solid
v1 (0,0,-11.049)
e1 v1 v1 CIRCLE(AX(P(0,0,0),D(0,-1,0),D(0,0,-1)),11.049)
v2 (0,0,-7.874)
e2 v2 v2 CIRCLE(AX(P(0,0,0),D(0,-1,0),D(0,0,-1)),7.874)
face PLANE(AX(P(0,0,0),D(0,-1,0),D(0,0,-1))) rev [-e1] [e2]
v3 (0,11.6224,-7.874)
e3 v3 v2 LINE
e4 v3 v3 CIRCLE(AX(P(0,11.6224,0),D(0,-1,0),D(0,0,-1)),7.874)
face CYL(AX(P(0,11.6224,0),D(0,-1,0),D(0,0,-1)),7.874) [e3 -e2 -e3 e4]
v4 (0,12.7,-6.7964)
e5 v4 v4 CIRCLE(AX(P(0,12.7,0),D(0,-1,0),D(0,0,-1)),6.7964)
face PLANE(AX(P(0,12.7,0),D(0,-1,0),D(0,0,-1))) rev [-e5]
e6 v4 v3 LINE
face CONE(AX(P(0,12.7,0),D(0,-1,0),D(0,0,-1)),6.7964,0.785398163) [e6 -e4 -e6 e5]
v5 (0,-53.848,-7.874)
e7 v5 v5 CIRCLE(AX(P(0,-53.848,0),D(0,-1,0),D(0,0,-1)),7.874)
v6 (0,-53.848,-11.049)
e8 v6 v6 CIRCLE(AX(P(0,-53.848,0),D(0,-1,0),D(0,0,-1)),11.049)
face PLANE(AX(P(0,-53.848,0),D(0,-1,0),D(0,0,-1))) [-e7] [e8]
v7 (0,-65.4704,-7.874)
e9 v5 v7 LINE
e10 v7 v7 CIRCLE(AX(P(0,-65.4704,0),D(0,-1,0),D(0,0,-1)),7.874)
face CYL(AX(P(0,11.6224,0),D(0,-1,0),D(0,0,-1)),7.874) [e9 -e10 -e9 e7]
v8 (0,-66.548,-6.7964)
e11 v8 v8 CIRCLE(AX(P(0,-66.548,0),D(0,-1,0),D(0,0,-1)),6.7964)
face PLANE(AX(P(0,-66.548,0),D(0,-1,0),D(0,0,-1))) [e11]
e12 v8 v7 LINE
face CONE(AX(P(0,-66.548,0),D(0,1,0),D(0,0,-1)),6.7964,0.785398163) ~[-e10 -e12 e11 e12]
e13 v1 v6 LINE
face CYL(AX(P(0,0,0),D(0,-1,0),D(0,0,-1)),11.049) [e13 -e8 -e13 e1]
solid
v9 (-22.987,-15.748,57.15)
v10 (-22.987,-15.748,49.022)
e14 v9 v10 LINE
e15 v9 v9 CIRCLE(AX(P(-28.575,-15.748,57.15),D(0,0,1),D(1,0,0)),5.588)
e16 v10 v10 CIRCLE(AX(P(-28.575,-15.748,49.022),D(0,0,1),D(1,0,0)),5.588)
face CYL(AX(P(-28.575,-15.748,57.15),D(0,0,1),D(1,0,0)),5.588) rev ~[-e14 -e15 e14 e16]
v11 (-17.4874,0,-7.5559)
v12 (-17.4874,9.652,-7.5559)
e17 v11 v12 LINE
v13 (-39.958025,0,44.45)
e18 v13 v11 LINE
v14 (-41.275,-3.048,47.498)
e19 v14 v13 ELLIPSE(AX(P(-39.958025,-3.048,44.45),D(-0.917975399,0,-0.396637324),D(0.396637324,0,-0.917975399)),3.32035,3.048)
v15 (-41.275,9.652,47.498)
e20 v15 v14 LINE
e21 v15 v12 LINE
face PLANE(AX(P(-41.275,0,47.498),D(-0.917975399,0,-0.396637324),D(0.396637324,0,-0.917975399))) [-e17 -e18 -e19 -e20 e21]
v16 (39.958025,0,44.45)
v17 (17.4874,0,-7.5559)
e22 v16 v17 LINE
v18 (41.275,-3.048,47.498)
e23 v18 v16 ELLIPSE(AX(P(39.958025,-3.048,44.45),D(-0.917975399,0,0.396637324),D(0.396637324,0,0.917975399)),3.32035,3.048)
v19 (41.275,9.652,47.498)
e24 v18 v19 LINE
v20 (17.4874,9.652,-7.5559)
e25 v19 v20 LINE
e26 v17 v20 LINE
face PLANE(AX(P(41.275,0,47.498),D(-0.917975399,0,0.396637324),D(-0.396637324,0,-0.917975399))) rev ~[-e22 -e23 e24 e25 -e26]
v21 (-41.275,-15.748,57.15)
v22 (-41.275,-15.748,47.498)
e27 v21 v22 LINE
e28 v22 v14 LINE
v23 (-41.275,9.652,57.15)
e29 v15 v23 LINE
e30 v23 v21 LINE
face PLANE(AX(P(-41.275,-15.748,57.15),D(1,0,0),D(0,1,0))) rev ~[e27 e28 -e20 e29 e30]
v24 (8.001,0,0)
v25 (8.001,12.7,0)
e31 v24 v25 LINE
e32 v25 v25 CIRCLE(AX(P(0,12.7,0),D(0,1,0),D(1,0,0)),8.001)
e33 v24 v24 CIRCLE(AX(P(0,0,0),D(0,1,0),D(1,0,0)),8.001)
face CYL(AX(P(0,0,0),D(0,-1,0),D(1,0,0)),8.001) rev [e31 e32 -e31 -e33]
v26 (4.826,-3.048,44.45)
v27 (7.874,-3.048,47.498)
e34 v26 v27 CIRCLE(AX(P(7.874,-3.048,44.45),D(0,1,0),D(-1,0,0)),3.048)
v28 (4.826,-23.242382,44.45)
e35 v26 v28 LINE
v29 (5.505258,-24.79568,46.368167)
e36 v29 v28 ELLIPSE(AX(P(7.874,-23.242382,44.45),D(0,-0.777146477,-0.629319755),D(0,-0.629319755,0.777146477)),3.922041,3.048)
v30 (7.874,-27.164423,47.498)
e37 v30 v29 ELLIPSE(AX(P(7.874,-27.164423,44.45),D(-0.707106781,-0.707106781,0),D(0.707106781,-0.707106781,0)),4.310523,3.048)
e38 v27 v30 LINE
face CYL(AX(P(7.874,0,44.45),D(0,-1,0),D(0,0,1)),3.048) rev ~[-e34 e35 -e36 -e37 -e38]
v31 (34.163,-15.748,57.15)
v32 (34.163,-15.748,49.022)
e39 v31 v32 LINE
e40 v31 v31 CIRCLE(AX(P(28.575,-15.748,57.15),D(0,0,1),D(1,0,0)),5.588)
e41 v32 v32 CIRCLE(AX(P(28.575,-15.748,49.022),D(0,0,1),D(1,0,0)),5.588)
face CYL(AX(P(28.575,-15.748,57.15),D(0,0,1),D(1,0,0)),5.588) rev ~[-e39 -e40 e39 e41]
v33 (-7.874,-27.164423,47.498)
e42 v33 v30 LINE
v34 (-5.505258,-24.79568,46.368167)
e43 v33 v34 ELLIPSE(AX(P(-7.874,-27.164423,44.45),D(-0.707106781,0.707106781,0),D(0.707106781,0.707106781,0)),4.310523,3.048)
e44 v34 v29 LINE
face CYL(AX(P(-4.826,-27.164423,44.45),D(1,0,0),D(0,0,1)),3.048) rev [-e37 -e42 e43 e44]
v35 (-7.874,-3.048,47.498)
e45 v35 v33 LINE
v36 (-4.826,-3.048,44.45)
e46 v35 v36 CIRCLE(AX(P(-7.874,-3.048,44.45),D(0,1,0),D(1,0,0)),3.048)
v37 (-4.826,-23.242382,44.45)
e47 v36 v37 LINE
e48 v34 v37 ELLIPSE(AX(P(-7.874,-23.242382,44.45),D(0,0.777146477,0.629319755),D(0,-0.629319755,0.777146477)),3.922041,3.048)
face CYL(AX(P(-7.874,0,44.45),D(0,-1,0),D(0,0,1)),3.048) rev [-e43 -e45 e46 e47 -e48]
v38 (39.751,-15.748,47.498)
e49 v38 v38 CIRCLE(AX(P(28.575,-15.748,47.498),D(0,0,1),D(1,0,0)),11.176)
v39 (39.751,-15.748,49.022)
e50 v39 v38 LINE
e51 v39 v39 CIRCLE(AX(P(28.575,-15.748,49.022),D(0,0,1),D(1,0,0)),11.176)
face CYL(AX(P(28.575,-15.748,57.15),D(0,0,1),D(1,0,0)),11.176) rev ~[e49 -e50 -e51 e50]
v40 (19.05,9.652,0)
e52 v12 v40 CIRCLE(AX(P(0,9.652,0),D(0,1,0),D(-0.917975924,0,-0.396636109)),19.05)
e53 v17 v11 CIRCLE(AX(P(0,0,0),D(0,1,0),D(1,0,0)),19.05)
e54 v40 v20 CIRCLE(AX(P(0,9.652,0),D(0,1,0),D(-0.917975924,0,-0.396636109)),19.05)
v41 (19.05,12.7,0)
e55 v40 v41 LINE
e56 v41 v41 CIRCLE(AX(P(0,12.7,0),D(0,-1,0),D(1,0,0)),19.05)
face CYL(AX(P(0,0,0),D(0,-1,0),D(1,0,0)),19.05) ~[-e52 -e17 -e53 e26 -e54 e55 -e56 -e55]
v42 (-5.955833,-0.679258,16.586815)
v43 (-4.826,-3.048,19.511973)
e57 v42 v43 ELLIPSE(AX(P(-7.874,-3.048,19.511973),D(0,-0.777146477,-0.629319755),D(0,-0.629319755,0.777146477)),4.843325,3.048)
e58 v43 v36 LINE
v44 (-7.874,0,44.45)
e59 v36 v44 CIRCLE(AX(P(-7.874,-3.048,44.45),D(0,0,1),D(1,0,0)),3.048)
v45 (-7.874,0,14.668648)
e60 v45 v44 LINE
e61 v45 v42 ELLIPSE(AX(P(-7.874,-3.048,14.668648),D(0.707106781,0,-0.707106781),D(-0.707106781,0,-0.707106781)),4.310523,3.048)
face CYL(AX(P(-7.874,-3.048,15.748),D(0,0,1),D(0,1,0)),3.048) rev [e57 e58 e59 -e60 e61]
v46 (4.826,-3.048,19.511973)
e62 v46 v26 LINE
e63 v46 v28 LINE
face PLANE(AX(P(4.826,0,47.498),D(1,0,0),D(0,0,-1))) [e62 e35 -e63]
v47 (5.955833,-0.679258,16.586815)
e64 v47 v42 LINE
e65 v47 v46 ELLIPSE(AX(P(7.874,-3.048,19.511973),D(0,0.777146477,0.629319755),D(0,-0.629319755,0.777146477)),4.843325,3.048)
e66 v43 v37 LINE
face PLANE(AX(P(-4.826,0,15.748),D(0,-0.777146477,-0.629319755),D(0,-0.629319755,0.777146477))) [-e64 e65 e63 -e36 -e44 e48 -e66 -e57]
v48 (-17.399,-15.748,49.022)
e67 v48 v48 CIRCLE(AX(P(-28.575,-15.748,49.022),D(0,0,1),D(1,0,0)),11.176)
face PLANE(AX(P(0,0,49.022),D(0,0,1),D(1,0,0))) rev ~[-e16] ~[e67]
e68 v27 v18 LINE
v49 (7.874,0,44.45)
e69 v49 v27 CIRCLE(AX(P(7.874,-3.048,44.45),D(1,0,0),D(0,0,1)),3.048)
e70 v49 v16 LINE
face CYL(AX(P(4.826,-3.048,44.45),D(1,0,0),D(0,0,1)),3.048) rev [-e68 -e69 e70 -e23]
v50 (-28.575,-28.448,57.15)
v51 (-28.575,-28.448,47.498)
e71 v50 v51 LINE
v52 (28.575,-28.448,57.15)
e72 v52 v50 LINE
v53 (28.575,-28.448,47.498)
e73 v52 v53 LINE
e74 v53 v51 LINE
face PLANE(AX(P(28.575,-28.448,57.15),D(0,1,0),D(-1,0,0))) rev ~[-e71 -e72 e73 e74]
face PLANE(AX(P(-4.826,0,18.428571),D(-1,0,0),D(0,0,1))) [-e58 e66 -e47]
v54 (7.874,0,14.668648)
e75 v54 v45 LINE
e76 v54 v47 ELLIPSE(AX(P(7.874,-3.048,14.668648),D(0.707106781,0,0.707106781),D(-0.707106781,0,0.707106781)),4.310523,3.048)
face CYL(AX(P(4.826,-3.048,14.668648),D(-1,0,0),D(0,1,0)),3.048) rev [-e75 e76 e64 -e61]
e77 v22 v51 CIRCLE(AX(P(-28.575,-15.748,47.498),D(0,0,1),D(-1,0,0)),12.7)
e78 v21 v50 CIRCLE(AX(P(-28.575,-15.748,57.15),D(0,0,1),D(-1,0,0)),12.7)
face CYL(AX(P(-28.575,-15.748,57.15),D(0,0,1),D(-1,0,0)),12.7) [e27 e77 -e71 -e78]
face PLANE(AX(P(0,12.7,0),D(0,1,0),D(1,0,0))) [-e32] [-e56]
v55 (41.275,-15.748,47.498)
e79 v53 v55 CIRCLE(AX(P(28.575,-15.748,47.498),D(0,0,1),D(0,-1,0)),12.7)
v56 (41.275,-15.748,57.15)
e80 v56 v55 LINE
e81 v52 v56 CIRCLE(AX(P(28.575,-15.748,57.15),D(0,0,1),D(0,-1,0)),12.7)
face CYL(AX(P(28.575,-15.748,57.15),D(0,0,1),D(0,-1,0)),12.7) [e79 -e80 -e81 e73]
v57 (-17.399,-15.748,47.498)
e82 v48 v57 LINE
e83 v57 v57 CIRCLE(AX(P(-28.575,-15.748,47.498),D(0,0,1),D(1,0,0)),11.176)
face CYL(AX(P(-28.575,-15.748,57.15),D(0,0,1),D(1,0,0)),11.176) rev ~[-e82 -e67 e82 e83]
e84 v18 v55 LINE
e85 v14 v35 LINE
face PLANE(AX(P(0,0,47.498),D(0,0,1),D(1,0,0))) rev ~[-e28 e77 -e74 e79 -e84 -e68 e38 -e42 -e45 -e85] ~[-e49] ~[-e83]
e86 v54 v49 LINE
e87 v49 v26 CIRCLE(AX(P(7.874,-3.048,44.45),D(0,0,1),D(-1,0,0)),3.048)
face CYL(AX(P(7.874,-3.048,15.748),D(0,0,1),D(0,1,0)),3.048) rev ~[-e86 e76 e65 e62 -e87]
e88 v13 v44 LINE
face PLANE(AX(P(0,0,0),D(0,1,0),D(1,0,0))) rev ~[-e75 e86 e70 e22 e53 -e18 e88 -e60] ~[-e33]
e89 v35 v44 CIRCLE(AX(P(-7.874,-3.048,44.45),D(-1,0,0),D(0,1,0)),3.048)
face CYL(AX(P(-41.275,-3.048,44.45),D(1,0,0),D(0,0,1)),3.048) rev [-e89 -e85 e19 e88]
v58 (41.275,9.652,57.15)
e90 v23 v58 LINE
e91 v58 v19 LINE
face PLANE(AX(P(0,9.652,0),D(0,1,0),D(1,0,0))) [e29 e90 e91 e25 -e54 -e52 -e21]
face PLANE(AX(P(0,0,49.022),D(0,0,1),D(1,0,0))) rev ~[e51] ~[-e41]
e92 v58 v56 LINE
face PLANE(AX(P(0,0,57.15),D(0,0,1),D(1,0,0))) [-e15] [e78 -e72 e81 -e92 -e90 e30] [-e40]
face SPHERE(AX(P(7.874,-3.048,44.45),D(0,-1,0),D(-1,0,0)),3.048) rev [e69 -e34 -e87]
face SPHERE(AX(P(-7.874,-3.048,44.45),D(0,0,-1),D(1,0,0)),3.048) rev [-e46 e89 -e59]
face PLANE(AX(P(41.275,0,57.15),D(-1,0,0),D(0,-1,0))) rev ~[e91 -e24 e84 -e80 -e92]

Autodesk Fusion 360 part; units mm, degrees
sketch "Sketch1" plane through (0, 0, 0) normal (0, 1, 0) x (1, 0, 0) in component "Component"
  line L0 (26.924, -11.049) -> (-26.924, -11.049)
  line L1 (-26.924, -11.049) -> (-26.924, 11.049)
  line L2 (-26.924, 11.049) -> (26.924, 11.049)
  line L3 (26.924, 11.049) -> (26.924, -11.049)
  line L4 (38.5464, -7.874) -> (-38.5464, -7.874)
  line L5 (-39.624, -6.7964) -> (-39.624, 6.7964)
  line L6 (-38.5464, 7.874) -> (38.5464, 7.874)
  line L7 (39.624, 6.7964) -> (39.624, -6.7964)
  line L8 (-39.624, 6.7964) -> (-39.624, -6.7964) construction
  line L9 (-39.624, 6.7964) -> (-38.5464, 7.874)
  line L10 (-39.624, 6.7964) -> (-38.1, 6.7964) construction
  line L11 (-39.624, -6.7964) -> (-38.5464, -7.874)
  line L12 (-39.624, -6.7964) -> (-38.1, -6.7964) construction
  line L13 (0, -1.75) -> (0, -22.5)
  line L14 (39.624, 6.7964) -> (38.5464, 7.874)
  line L15 (39.624, 6.7964) -> (39.624, -6.7964) construction
  line L16 (39.624, -6.7964) -> (38.5464, -7.874)
  line L17 (-45.72, 0) -> (46.9131, 0)
  dimension "d1" = 53.848
  dimension "d2" = 22.098
  dimension "d11" = 45
  dimension "d12" = 1.524
  dimension "d13" = 1.524
  dimension "d14" = 45
revolve "Revolve1" add sketch "Sketch1" angle 360 about axis through (1.75, 0, 0) along (1, 0, 0) contours L1 L3 L6 L17 | L3 L6 L7 L14 L17 | L1 L2 L3 L6 | L1 L5 L6 L9 L17 makes body 1 in component "Component"
sketch "Sketch2" plane through (0, 0, 0) normal (0, 1, 0) x (1, 0, 0) in component "Component"
  circle A0 centre (0, 0) radius 8.001
  dimension "d16" = 16.002
sketch "Sketch1 (2)" plane through (0, 0, 0) normal (0, 1, 0) x (1, 0, 0) in component "Component'"
  circle A0 centre (0, 0) radius 8.001
  circle A1 centre (0, 0) radius 19.05
  line L0 (0, 0) -> (0, -57.15) construction
  line L1 (-41.275, -57.15) -> (41.275, -57.15)
  line L2 (-41.275, -57.15) -> (41.275, -57.15)
  line L3 (41.275, -57.15) -> (41.275, -47.498)
  line L4 (41.275, -47.498) -> (-41.275, -47.498)
  line L5 (-41.275, -47.498) -> (-41.275, -57.15)
  line L6 (-41.275, -47.498) -> (-17.4874, 7.5559)
  line L7 (41.275, -47.498) -> (17.4874, 7.5559)
  line L8 (4.826, -15.748) -> (-4.826, -15.748)
  line L9 (-4.826, -15.748) -> (-4.826, -47.498)
  line L10 (-4.826, -47.498) -> (4.826, -47.498)
  line L11 (4.826, -47.498) -> (4.826, -15.748)
  dimension "d17" = 16.002
  dimension "d18" = 38.1
  dimension "d19" = 57.15
  dimension "d21" = 82.55
  dimension "d22" = 9.652
  dimension "d39" = 9.652
  dimension "d40" = 31.75
extrude "Extrude1" add sketch "Sketch1 (2)" along normal blind 9.652 separate body contours A1 L4 L7 L11 | A1 L4 L9 L10 L11 | A1 L4 L6 L9 | L1 L2 L3 L4 L5 L10 makes body 2 in component "Component'"
extrude "Extrude2" add sketch "Sketch1 (2)" along normal blind 12.7 contours A1 L8 L9 L11 | A1 L8 L9 L11 bodies 2 in component "Component'"
sketch "Sketch2 (2)" plane through (0, 0, 57.15) normal (0, 0, 1) x (1, 0, 0) in component "Component'"
  line L0 (-41.275, 0) -> (41.275, 0)
  line L1 (41.275, 0) -> (41.275, 9.652)
  line L2 (41.275, 9.652) -> (-41.275, 9.652)
  line L3 (-41.275, 9.652) -> (-41.275, 0)
  line L4 (-41.275, 0) -> (41.275, 0)
  line L5 (-41.275, 9.652) -> (41.275, 9.652)
  line L6 (41.275, 9.652) -> (41.275, -15.748)
  line L7 (28.575, -28.448) -> (-28.575, -28.448)
  line L8 (-41.275, -15.748) -> (-41.275, 9.652)
  arc A0 (-41.275, -15.748) -> (-28.575, -28.448) centre (-28.575, -15.748) ccw
  arc A1 (28.575, -28.448) -> (41.275, -15.748) centre (28.575, -15.748) ccw
  circle A2 centre (-28.575, -15.748) radius 5.588
  circle A3 centre (-28.575, -15.748) radius 11.176
  circle A4 centre (28.575, -15.748) radius 5.588
  circle A5 centre (28.575, -15.748) radius 11.176
  point P0 (-41.275, -28.448)
  dimension "d28" = 82.55
  dimension "d44" = 82.55
  dimension "d45" = 38.1
  dimension "d46" = 12.7
  dimension "d47" = 12.7
  dimension "d48" = 11.176
  dimension "d49" = 22.352
  dimension "d50" = 11.176
  dimension "d51" = 22.352
extrude "Extrude6" add sketch "Sketch2 (2)" against normal blind 9.652 contours L0 L4 L6 L7 L8 A0 A1 bodies 2 in component "Component'"
extrude "Extrude7" add sketch "Sketch2 (2)" against normal up to surface (8.128 mm away) contours A3 | A5 bodies 2 in component "Component'"
extrude "Extrude8" add sketch "Sketch1 (2)" against normal up to surface (28.448 mm away) contours A1 L4 L9 L10 L11 | A1 L8 L9 L11 picked at (0, -16.8487) bodies 2 in component "Component'"
sketch "Sketch4" plane through (-4.826, 0, 0) normal (-1, 0, 0) x (0, 0, 1) in component "Component'"
  line L0 (15.748, -28.448) -> (47.498, -28.448)
  line L1 (47.498, -28.448) -> (47.498, 0)
  line L2 (47.498, 0) -> (15.748, 0)
  line L3 (15.748, 0) -> (15.748, -28.448)
  line L4 (15.748, 0) -> (47.498, -25.7106)
  line L5 (15.748, 0) -> (81.2963, 0) construction
  dimension "d58" = 39
extrude "Extrude10" cut sketch "Sketch4" against normal up to surface (9.652 mm away) contours L0 L1 L3 L4 bodies 2 in component "Component'"
fillet "Fillet1" radius 3.048 6 edges at (0, 0, 15.748) (-4.826, 0, 31.623) (-4.826, -12.8553, 47.498) (0, -25.7106, 47.498) (4.826, -12.8553, 47.498) (4.826, 0, 31.623) on bodies 2 in component "Component'"
fillet "Fillet1" radius 3.048 2 edges at (-23.0505, 0, 47.498) (23.0505, 0, 47.498) on bodies 2 in component "Component'"
component "Component" placed x (0, -1, 0) y (1, 0, 0) z (0, 0, 1) at (0, -26.924, 0)
component "Component'" placed x (1, 0, 0) y (0, 1, 0) z (0, 0, 1) at (0, 0, 0)
